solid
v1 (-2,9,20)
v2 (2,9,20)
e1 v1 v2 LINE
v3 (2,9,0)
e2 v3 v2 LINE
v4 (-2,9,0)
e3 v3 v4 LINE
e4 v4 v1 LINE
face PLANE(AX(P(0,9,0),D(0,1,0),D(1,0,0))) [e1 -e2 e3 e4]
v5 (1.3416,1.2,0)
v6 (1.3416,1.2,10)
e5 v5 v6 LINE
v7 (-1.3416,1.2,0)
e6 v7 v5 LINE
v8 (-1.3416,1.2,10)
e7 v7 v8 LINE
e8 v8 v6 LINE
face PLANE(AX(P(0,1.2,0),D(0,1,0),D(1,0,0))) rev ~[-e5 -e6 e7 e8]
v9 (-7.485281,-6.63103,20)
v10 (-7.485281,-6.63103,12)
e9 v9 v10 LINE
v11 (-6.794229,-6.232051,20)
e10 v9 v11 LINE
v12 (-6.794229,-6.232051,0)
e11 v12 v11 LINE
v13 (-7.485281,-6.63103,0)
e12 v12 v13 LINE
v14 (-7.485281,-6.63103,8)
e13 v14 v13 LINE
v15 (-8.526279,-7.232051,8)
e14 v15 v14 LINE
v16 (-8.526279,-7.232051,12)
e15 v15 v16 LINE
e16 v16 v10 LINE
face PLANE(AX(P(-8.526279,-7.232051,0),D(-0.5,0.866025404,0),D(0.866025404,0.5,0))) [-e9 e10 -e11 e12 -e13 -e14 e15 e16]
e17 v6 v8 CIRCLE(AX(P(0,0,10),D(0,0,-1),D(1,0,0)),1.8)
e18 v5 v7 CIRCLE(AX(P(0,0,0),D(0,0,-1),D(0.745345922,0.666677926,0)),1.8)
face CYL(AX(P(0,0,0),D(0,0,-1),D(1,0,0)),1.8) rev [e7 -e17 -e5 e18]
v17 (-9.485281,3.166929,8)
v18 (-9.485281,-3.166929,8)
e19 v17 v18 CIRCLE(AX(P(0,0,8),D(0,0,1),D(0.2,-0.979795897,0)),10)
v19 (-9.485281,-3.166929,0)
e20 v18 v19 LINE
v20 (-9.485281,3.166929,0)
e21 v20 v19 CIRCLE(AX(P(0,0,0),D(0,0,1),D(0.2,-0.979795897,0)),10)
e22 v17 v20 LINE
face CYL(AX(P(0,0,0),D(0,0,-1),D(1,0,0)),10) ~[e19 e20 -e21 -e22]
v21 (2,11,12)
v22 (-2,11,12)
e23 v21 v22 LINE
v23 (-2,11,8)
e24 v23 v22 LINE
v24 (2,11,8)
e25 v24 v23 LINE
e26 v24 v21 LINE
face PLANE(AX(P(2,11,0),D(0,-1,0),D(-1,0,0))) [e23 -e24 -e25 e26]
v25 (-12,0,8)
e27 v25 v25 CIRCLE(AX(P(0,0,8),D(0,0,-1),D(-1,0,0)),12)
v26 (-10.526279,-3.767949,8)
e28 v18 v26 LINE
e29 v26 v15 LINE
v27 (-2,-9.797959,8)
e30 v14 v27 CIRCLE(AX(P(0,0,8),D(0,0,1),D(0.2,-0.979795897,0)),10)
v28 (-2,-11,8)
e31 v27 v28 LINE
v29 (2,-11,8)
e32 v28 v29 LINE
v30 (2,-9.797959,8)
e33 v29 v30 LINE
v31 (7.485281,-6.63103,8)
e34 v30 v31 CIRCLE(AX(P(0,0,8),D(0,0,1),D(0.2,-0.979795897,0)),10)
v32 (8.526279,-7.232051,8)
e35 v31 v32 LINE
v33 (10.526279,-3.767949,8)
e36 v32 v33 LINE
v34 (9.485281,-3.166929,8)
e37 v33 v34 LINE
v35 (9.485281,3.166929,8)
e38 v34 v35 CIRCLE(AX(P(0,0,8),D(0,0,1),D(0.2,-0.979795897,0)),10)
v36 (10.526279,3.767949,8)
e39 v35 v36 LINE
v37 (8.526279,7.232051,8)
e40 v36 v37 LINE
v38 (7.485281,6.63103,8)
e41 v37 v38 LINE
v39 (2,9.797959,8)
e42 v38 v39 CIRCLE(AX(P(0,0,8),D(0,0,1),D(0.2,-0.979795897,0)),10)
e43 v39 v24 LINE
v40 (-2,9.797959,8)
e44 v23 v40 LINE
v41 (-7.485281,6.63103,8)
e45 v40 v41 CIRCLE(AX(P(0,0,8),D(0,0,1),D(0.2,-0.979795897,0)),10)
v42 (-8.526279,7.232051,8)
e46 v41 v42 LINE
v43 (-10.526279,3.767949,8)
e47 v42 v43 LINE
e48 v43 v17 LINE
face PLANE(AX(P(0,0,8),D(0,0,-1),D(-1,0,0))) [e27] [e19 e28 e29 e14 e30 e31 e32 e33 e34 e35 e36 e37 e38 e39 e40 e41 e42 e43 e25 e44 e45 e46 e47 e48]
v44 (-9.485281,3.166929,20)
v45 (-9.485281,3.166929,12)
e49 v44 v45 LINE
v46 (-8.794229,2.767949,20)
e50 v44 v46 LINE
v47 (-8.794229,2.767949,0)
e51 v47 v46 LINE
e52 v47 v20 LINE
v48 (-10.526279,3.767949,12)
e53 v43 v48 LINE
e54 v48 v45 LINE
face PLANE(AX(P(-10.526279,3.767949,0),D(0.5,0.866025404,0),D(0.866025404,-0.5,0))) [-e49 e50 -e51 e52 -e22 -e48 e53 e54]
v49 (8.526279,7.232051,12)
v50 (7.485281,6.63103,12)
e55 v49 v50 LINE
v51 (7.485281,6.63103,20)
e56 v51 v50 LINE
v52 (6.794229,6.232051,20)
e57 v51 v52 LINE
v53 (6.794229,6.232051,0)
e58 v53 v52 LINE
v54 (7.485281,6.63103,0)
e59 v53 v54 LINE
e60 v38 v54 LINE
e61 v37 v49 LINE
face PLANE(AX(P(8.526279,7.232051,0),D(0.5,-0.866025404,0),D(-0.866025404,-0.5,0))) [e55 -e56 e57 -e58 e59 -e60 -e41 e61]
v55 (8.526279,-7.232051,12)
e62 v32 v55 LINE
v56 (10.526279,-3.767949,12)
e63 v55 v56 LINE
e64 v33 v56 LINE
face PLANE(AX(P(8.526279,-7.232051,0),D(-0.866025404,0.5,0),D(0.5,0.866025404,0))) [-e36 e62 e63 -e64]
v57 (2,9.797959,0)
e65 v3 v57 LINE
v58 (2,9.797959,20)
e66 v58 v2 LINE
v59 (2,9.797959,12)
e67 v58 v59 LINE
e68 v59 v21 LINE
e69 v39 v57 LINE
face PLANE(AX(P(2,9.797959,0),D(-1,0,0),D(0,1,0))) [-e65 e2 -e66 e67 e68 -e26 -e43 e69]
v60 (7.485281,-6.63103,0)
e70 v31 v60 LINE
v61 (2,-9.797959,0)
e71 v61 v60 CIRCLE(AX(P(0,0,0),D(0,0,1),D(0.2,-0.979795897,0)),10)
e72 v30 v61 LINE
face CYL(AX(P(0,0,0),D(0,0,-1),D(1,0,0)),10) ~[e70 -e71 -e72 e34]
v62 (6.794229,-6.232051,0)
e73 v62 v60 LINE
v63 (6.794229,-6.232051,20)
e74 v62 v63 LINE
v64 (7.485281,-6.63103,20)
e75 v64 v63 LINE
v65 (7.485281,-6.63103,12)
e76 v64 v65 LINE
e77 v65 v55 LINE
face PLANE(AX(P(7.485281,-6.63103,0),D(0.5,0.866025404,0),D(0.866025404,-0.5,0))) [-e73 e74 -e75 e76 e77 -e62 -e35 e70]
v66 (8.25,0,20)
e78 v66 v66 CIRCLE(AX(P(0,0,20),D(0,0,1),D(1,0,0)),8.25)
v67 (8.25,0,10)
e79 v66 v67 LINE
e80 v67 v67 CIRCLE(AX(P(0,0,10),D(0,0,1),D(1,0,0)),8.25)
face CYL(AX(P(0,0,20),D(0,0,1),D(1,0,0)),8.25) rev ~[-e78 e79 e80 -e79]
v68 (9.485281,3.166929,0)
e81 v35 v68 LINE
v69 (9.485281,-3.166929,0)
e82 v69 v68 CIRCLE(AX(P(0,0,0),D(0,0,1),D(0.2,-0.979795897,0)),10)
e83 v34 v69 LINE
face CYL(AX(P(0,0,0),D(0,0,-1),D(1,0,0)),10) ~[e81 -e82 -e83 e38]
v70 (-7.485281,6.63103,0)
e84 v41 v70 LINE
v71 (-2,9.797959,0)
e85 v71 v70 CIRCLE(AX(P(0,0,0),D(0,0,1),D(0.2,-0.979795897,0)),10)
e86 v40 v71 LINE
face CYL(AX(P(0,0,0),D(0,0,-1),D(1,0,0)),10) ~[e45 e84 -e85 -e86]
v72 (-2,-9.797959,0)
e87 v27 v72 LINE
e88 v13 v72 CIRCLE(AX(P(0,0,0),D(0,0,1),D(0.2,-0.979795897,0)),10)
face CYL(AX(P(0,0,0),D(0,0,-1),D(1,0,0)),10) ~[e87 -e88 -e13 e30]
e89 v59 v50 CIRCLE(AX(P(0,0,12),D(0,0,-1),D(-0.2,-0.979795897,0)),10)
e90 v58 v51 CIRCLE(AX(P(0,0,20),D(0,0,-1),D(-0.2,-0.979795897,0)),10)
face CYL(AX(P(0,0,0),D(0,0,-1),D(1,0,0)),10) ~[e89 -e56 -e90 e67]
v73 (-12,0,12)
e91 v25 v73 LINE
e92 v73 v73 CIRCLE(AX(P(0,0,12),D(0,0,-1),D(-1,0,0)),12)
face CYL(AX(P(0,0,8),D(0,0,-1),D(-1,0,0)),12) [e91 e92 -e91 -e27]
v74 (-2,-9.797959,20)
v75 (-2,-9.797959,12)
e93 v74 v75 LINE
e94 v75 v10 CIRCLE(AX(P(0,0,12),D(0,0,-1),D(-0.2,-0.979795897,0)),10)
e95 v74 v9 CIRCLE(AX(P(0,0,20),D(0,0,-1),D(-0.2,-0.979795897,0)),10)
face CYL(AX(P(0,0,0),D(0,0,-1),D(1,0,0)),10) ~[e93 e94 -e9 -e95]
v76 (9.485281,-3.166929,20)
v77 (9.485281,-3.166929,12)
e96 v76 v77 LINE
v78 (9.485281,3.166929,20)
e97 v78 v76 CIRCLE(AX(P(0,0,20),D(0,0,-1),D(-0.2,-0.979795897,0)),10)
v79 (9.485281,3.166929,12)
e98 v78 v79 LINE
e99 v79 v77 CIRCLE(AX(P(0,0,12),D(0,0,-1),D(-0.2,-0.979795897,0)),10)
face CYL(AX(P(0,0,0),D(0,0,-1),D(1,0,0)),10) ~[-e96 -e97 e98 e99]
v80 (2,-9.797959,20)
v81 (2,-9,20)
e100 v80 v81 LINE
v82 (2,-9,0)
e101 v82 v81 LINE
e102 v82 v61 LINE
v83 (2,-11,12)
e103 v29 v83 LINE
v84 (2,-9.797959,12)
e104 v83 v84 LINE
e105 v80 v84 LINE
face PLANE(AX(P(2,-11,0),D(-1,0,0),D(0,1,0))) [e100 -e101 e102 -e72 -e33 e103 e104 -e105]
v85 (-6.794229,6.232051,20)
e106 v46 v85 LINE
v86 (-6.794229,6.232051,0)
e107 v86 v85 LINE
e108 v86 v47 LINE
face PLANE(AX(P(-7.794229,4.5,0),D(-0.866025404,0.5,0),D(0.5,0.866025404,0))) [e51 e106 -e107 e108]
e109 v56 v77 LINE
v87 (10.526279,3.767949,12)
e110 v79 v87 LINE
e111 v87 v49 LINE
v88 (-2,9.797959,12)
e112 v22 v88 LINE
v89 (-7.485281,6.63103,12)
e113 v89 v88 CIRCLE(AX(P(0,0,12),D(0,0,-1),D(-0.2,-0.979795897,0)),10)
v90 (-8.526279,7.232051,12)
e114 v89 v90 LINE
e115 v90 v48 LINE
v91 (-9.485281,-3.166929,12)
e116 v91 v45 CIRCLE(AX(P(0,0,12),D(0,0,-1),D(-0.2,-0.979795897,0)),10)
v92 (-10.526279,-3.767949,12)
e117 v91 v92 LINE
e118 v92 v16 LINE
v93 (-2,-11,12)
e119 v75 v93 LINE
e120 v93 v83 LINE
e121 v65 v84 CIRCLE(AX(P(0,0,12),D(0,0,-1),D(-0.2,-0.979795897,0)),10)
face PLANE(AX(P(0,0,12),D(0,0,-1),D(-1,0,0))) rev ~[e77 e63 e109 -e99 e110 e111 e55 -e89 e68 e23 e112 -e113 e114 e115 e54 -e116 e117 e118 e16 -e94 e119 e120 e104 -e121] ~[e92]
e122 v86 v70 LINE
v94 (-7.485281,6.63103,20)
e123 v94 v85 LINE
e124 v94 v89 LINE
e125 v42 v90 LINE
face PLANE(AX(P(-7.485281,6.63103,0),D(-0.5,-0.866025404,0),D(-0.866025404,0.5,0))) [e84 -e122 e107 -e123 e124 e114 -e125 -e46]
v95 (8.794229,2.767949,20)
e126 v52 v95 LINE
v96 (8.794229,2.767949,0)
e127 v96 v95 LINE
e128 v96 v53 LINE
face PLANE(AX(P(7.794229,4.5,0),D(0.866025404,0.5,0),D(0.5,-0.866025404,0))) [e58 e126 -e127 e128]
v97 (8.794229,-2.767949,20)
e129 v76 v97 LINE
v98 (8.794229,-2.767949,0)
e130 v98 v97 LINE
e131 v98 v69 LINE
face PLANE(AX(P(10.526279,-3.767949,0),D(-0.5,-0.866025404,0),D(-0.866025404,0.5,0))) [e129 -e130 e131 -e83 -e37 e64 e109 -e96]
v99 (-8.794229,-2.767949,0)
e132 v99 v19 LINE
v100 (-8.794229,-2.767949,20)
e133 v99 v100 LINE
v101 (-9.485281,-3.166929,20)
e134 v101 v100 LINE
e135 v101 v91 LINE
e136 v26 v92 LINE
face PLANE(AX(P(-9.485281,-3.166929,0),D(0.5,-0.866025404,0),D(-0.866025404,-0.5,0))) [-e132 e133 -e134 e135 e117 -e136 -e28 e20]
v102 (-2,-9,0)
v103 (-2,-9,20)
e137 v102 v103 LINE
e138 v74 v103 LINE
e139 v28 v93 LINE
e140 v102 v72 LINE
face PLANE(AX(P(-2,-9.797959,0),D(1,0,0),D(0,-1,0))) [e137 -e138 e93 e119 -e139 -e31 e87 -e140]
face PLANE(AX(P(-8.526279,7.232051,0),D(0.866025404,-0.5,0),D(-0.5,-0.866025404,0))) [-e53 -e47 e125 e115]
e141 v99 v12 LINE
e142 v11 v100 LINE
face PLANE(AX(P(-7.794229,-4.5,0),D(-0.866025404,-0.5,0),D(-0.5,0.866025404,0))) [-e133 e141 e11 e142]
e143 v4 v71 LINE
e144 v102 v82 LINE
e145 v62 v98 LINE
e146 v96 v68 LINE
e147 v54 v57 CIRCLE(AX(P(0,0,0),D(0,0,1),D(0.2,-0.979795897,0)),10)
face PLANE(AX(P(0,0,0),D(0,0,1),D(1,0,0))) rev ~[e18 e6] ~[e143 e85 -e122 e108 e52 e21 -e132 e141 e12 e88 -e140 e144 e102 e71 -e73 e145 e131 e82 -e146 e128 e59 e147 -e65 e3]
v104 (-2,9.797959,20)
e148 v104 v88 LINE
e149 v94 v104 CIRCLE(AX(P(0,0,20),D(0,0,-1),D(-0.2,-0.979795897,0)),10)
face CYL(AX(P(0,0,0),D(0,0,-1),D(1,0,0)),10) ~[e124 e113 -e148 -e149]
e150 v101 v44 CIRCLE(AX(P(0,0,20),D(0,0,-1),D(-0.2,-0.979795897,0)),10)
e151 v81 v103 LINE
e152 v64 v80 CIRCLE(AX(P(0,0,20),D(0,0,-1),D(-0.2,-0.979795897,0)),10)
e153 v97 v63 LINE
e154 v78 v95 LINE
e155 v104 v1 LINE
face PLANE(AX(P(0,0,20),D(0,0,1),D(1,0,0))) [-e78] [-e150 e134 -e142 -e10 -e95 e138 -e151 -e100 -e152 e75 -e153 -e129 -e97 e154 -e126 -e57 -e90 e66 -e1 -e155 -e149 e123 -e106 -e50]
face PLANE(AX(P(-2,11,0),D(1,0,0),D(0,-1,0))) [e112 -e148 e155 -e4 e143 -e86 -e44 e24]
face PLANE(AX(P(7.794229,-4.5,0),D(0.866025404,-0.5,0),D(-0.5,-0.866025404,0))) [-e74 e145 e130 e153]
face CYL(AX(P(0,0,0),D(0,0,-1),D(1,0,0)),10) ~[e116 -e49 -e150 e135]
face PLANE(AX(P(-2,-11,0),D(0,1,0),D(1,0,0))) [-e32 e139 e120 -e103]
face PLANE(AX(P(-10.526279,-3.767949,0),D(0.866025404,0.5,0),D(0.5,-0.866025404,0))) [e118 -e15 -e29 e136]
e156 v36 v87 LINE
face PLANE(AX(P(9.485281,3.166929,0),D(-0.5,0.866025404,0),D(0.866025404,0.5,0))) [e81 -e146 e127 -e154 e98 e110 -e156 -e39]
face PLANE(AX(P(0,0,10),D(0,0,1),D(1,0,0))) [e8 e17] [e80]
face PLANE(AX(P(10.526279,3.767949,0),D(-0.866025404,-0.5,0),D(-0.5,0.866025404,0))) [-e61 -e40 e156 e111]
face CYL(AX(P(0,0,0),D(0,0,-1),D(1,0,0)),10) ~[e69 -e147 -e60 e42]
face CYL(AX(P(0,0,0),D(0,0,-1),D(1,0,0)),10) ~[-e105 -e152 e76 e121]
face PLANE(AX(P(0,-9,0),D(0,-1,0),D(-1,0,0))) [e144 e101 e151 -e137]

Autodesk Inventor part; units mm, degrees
ref_plane "YZ Plane" through (0, 0, 0) normal (1, 0, 0) x (0, 1, 0)
ref_plane "XZ Plane" through (0, 0, 0) normal (0, 1, 0) x (-1, 0, 0)
sketch "Szkic1" plane through (0, 0, 0) normal (0, 0, 1) x (1, 0, 0)
  line L0 (-14, 0) -> (14, 0) projected
  line L1 (0, -14) -> (0, 14) projected
  circle A0 centre (0, 0) radius 10
  circle A1 centre (0, 0) radius 1.8
  line L2 (-1.3416, 1.2) -> (1.3416, 1.2)
  dimension "d1" = 20
  dimension "d2" = 3.6
  dimension "d3" = 1.2
extrude "Wyciągnięcie proste1" add sketch "Szkic1" along normal blind 20 contours A1 L1 A0 L0 | L0 A0 L1 A1 | L2 L1 A1 | L1 A0 L0 A1 | L1 A1 L0 A0 | L2 A1 L1
ref_plane "Płaszczyzna konstrukcyjna1" through (0, 0, 8) normal (0, 0, -1) x (-1, 0, 0)
sketch "Szkic2" plane through (0, 0, 8) normal (0, 0, -1) x (-1, 0, 0)
  circle A0 centre (0, 0) radius 10 projected
  arc A1 (-1.3416, 1.2) -> (1.3416, 1.2) centre (0, 0) ccw projected
  line L0 (1.3416, 1.2) -> (-1.3416, 1.2) projected
  circle A2 centre (0, 0) radius 12
  dimension "d7" = 24
extrude "Wyciągnięcie proste2" add sketch "Szkic2" against normal blind 4 contours A2
sketch "Szkic3" plane through (0, 0, 0) normal (0, 0, -1) x (-1, 0, 0)
  circle A0 centre (0, 0) radius 10 projected
  arc A1 (-1.3416, 1.2) -> (1.3416, 1.2) centre (0, 0) ccw projected
  line L0 (1.3416, 1.2) -> (-1.3416, 1.2) projected
  circle A2 centre (0, 0) radius 12 projected
  circle A3 centre (0, 0) radius 10 projected
  line L1 (16.8, 0) -> (-16.8, 0) projected
  line L2 (0, -16.8) -> (0, 16.8) projected
  line L3 (2, -11) -> (-2, -11)
  line L4 (-2, -11) -> (-2, -9)
  line L5 (-2, -9) -> (2, -9)
  line L6 (2, -9) -> (2, -11)
  circle A4 centre (0, 0) radius 10 projected
  line L7 (2, -11) -> (-2, -9) construction
  line L8 (-2, -11) -> (2, -9) construction
  point P0 (0, -10)
  dimension "d11" = 4
  dimension "d12" = 2
extrude "Wyciągnięcie proste3" cut sketch "Szkic3" against normal up to surface (20 mm away) contours L6 L3 L2 A0 | A0 L2 L5 L6 | L2 L3 L4 A0 | A0 L4 L5 L2
pattern_circular "Szyk kołowy1" count 6 over 360 about axis through (0, 0, -10) along (0, 0, 1) of "Wyciągnięcie proste3"
sketch "Szkic4" plane through (0, 0, 20) normal (0, 0, 1) x (1, 0, 0)
  circle A0 centre (0, 0) radius 14
  circle A1 centre (0, 0) radius 8.25
  dimension "d20" = 28
  dimension "d21" = 16.5
extrude "Wyciągnięcie proste4" cut sketch "Szkic4" against normal blind 10 contours A1
properties part number "koło" material "Tworzywo sztuczne PET"
